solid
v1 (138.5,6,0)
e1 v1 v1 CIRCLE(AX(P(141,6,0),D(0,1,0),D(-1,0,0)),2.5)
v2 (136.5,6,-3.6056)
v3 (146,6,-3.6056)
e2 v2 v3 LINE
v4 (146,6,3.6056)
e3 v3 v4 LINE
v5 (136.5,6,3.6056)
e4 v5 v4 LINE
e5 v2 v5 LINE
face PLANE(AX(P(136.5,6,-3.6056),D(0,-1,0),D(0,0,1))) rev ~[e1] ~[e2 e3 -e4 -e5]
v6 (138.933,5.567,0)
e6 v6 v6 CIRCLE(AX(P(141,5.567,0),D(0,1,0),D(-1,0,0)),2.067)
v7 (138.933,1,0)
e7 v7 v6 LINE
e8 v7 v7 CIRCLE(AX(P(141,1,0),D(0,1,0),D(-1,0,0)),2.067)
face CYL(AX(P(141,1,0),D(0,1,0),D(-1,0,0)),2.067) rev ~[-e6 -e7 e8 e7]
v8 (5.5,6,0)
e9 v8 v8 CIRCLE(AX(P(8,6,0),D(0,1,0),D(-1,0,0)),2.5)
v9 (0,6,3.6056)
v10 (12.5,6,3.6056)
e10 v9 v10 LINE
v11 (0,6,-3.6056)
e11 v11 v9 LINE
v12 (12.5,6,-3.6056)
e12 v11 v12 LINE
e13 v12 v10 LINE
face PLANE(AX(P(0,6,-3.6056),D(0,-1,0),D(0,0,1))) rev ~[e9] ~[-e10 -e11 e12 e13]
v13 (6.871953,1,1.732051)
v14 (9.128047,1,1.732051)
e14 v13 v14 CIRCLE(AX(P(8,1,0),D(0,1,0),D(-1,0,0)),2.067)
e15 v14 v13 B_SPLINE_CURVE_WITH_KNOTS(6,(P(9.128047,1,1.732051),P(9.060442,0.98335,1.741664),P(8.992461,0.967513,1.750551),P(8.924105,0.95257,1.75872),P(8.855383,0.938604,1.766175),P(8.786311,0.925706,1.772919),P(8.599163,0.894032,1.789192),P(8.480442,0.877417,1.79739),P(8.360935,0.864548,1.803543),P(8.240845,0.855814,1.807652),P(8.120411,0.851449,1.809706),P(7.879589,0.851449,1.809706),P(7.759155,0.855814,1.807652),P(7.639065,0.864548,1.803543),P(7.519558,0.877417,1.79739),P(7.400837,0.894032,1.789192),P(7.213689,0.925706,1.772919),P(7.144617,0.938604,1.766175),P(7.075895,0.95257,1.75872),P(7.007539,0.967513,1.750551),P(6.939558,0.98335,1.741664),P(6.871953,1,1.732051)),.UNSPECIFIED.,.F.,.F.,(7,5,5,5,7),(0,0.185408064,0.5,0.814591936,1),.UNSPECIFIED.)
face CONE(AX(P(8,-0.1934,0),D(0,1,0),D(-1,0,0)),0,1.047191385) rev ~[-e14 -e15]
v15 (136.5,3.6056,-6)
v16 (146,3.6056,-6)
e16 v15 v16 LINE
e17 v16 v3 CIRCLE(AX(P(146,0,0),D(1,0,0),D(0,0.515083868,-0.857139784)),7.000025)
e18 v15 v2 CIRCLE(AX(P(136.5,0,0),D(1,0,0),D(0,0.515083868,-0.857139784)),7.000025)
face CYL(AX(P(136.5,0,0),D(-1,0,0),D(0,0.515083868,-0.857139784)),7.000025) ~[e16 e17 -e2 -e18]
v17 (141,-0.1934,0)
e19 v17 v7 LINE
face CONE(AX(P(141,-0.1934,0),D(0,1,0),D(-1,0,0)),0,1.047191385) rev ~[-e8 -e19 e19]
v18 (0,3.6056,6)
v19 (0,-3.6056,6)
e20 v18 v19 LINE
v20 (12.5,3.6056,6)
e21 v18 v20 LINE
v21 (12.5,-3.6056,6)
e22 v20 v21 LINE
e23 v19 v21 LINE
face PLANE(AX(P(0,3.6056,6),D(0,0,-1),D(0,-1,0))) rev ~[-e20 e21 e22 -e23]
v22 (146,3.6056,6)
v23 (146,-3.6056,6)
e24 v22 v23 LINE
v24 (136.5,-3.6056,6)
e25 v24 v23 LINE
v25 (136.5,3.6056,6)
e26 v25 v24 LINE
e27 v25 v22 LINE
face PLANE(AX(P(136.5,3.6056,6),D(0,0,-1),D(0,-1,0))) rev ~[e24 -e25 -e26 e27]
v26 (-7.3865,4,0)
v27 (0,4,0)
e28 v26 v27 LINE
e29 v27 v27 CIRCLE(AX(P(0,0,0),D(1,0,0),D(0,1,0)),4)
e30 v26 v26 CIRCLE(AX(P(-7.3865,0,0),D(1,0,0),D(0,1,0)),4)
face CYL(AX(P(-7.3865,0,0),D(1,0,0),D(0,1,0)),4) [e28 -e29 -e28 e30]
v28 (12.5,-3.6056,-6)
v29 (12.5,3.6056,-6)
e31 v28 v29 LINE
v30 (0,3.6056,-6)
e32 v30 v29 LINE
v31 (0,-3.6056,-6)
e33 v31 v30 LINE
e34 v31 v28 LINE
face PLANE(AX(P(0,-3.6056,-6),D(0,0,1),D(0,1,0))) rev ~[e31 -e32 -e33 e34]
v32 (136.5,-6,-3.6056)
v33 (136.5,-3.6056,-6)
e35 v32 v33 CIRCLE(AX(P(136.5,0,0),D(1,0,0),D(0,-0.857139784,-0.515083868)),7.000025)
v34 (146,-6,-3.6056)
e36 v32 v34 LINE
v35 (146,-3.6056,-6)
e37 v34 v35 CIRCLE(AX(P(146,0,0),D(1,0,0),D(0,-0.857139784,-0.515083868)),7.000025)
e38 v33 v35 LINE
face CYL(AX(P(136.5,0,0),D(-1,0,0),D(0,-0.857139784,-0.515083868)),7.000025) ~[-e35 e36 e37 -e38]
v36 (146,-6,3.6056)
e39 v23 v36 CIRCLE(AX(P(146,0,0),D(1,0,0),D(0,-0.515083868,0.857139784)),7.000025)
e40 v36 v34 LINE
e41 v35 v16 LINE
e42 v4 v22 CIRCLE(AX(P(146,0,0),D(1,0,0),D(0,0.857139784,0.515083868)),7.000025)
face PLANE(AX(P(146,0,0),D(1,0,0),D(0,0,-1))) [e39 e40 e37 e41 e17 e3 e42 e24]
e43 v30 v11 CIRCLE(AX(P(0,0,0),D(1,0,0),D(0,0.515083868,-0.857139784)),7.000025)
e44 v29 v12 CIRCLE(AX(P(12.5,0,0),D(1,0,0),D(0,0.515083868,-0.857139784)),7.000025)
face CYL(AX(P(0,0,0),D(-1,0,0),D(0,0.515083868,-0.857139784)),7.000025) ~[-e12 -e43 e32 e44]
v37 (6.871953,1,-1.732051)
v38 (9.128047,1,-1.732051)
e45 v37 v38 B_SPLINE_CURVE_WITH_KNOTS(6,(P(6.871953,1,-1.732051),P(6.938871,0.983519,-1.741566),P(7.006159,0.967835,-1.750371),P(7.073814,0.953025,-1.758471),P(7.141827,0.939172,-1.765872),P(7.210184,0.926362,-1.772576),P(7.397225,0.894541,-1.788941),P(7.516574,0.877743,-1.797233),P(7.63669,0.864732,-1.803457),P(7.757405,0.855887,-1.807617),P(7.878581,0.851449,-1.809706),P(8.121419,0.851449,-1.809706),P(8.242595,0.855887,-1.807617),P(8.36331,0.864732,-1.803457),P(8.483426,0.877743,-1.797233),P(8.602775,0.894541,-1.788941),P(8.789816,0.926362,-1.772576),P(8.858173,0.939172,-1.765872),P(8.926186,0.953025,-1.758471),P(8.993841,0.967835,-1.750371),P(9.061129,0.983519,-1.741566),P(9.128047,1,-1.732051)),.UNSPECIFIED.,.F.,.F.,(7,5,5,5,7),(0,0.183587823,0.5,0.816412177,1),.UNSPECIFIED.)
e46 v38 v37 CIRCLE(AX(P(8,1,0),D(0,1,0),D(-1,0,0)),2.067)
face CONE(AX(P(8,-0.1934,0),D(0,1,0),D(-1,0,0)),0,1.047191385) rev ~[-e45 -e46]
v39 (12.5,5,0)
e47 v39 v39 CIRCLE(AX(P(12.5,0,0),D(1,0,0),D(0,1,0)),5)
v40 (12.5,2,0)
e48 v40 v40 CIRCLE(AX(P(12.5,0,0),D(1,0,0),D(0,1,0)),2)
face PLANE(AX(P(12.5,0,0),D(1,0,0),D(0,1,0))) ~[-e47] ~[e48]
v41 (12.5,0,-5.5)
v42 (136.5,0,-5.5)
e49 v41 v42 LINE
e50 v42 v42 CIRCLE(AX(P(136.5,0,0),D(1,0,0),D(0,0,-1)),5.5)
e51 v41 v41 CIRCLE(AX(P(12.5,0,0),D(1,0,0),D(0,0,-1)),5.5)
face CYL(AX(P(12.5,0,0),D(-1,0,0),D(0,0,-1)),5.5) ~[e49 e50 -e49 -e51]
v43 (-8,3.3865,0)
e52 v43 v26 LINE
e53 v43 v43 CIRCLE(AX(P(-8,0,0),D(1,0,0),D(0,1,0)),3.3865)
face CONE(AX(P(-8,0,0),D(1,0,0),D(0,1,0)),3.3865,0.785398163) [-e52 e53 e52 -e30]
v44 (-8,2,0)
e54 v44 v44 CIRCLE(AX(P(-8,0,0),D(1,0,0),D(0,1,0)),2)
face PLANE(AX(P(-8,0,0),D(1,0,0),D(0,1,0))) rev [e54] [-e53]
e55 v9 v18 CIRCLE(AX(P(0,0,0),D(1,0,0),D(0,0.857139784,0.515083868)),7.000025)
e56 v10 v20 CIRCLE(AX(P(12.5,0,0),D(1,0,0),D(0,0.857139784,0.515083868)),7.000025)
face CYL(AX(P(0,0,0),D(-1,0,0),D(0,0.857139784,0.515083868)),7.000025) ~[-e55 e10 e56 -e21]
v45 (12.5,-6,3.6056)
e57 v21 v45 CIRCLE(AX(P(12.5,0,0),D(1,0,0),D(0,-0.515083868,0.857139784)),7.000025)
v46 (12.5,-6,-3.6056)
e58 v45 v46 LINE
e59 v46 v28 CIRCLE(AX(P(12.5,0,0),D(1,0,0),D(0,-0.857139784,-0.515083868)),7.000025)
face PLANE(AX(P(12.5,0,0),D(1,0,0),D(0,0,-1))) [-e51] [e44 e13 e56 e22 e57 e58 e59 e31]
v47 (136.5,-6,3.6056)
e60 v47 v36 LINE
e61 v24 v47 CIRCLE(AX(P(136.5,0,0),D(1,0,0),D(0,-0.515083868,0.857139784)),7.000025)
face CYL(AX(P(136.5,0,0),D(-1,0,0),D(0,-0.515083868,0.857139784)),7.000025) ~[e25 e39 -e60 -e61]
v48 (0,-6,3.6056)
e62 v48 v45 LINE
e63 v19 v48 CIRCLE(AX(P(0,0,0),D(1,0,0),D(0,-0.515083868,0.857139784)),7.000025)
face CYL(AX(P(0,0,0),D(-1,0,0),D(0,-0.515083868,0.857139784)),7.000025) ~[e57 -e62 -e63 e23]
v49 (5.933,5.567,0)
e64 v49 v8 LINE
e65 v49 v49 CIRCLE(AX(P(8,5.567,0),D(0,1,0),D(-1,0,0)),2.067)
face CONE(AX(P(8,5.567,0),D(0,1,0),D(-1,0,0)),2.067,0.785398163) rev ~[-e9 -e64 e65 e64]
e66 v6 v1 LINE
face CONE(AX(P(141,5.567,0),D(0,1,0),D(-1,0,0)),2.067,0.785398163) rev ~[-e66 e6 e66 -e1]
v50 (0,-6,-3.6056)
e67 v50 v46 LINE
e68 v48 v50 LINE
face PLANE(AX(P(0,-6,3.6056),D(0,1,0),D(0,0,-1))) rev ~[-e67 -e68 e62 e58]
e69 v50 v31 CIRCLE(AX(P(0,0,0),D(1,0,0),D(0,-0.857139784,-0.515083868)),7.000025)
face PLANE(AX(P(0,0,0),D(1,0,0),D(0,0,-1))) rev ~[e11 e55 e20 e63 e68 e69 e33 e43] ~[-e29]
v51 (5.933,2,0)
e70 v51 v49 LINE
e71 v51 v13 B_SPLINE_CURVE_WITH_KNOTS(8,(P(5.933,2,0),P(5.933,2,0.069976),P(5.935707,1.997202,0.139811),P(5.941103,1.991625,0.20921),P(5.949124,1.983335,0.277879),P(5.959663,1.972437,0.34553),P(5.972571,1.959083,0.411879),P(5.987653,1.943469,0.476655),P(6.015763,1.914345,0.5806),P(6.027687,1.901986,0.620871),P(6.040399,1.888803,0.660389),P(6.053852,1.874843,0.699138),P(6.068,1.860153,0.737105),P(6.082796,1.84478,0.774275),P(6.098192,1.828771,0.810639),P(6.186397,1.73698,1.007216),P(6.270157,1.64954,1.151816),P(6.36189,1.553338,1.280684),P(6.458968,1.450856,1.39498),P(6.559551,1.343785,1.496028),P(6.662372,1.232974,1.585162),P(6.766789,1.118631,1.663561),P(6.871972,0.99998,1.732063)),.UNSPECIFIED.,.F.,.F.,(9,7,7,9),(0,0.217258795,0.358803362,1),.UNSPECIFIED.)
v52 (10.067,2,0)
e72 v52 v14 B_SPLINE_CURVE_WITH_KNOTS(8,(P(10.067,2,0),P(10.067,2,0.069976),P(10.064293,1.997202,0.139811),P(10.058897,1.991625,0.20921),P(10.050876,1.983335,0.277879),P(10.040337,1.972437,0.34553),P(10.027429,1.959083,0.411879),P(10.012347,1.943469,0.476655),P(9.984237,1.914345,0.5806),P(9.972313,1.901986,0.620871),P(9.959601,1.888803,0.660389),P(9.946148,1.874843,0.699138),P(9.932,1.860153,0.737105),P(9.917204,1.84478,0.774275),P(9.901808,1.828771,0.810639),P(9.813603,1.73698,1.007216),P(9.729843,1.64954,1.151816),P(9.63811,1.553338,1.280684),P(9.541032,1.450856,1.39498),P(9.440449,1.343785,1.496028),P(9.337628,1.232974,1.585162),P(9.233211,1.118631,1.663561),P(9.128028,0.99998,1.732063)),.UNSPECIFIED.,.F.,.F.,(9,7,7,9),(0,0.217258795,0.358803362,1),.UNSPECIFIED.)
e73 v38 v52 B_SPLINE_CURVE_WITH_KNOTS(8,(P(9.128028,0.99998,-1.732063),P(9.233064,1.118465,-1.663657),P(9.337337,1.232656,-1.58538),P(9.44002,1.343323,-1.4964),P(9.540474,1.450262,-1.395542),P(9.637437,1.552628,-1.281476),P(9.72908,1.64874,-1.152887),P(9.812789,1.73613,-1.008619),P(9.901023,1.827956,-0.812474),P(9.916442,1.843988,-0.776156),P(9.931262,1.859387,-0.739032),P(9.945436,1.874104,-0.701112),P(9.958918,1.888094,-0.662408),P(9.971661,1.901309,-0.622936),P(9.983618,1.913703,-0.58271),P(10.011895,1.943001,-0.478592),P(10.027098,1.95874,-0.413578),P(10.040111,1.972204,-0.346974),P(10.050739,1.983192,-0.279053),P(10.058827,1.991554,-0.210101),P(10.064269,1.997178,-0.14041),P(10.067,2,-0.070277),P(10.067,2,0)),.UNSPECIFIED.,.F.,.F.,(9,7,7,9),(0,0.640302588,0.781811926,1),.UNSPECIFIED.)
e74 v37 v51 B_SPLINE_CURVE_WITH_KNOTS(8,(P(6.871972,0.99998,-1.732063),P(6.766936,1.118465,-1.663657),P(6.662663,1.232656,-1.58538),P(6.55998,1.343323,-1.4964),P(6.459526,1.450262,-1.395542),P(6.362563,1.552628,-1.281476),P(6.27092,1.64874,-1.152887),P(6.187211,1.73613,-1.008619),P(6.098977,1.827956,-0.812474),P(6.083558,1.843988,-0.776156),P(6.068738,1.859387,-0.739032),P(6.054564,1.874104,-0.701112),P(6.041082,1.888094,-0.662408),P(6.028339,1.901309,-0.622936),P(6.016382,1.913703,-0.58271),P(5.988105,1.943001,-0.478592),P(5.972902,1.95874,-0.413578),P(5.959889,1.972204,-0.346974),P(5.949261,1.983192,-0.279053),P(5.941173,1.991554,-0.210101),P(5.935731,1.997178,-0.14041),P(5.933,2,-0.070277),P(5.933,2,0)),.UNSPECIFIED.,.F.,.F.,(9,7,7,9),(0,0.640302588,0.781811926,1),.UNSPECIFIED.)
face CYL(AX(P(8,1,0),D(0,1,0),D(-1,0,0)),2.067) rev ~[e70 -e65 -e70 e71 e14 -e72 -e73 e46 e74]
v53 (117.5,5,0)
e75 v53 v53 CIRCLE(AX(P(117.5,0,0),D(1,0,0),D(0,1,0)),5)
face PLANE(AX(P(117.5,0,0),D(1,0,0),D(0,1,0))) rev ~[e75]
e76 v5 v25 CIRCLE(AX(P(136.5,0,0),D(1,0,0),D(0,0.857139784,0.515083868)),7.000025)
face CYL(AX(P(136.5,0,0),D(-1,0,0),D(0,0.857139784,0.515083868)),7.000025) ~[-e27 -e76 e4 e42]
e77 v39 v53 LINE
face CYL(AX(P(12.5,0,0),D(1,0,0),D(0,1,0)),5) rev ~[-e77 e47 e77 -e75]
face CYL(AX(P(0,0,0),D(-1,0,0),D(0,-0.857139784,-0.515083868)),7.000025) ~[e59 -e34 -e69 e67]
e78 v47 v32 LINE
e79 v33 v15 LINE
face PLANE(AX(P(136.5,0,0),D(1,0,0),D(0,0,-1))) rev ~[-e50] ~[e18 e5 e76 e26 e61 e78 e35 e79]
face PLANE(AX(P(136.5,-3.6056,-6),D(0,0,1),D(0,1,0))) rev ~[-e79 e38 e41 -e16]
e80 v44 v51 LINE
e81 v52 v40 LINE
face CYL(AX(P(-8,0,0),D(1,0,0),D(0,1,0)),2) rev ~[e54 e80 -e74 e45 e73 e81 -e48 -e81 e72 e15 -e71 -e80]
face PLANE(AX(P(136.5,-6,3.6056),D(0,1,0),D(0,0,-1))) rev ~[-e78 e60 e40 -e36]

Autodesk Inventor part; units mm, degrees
sketch "Sketch_8" plane through (0, 0, 0) normal (0, 0, 1) x (1, 0, 0)
  line L0 (0, 0) -> (-8, 0)
  line L1 (-8, 0) -> (-8, 3.3865)
  line L2 (-8, 3.3865) -> (-7.3865, 4)
  line L3 (-7.3865, 4) -> (0, 4)
  line L4 (0, 4) -> (0, 0)
  line L5 (0, 0) -> (-8, 0)
revolve "Revolution1" add sketch "Sketch_8" angle 360 about axis through (0, 0, 0) along (1, 0, 0)
thread "Thread1" size "M8x1" class "6g" standard "ISO Metric profile" length 5.8865
sketch "Sketch_9" plane through (0, 0, 0) normal (1, 0, 0) x (0, 0, -1)
  line L0 (-6, 3.6056) -> (-6, -3.6056)
  arc A0 (-6, -3.6056) -> (-3.6056, -6) centre (0, 0) ccw
  line L1 (-3.6056, -6) -> (3.6056, -6)
  arc A1 (3.6056, -6) -> (6, -3.6056) centre (0, 0) ccw
  line L2 (6, -3.6056) -> (6, 3.6056)
  arc A2 (6, 3.6056) -> (3.6056, 6) centre (0, 0) ccw
  line L3 (3.6056, 6) -> (-3.6056, 6)
  arc A3 (-3.6056, 6) -> (-6, 3.6056) centre (0, 0) ccw
extrude "Extrusion1" add sketch "Sketch_9" along normal blind 12.5
sketch "Sketch_6" plane through (12.5, 0, 0) normal (1, 0, 0) x (0, 0, -1)
  circle A0 centre (0, 0) radius 5.5
extrude "Extrusion2" add sketch "Sketch_6" along normal blind 124
sketch "Sketch_10" plane through (136.5, 0, 0) normal (1, 0, 0) x (0, 0, -1)
  line L0 (-6, 3.6056) -> (-6, -3.6056)
  arc A0 (-6, -3.6056) -> (-3.6056, -6) centre (0, 0) ccw
  line L1 (-3.6056, -6) -> (3.6056, -6)
  arc A1 (3.6056, -6) -> (6, -3.6056) centre (0, 0) ccw
  line L2 (6, -3.6056) -> (6, 3.6056)
  arc A2 (6, 3.6056) -> (3.6056, 6) centre (0, 0) ccw
  line L3 (3.6056, 6) -> (-3.6056, 6)
  arc A3 (-3.6056, 6) -> (-6, 3.6056) centre (0, 0) ccw
extrude "Extrusion3" add sketch "Sketch_10" along normal blind 9.5
sketch "Sketch7" plane through (0, 0, 0) normal (0, 0, 1) x (1, 0, 0)
  line L0 (8, 6) -> (8, 1)
  line L1 (8, -0.1934) -> (5.933, 1)
  line L2 (5.933, 1) -> (5.933, 5.567)
  line L3 (5.933, 5.567) -> (5.5, 6)
  line L4 (5.5, 6) -> (8, 6)
  line L5 (8, 6) -> (8, -0.1934)
revolve "Revolution2" cut sketch "Sketch7" angle 360 about axis through (8, 6, 0) along (0, 1, 0)
thread "Thread2" size "M5x0.8" class "6H" standard "ISO Metric profile" full length
sketch "Sketch_7" plane through (0, 0, 0) normal (0, 0, 1) x (1, 0, 0)
  line L0 (141, 6) -> (141, 1)
  line L1 (141, -0.1934) -> (138.933, 1)
  line L2 (138.933, 1) -> (138.933, 5.567)
  line L3 (138.933, 5.567) -> (138.5, 6)
  line L4 (138.5, 6) -> (141, 6)
  line L5 (141, 6) -> (141, -0.1934)
revolve "Revolution3" cut sketch "Sketch_7" angle 360 about axis through (141, 6, 0) along (0, 1, 0)
thread "Thread3" size "M5x0.8" class "6H" standard "ISO Metric profile" full length
sketch "Sketch_16" plane through (0, 0, 0) normal (0, 0, 1) x (1, 0, 0)
  line L0 (117.5, 0) -> (-8, 0)
  line L1 (-8, 0) -> (-8, 2)
  line L2 (-8, 2) -> (12.5, 2)
  line L3 (12.5, 2) -> (12.5, 5)
  line L4 (12.5, 5) -> (117.5, 5)
  line L5 (117.5, 5) -> (117.5, 0)
  line L6 (117.5, 0) -> (-8, 0)
revolve "Revolution4" cut sketch "Sketch_16" angle 360 about axis through (117.5, 0, 0) along (1, 0, 0)
ref_plane "BODY_N_XY" through (146, 0, 0) normal (0, 0, -1) x (1, 0, 0)
ref_plane "BODY_N_YZ" through (146, 0, 0) normal (1, 0, 0) x (0, -1, 0)
ref_plane "BODY_N_ZX" through (146, 0, 0) normal (0, -1, 0) x (0, 0, -1)
ref_plane "NUT2_XY" through (146, 0, 0) normal (1, 0, 0) x (0, 0, -1)
ref_plane "NUT2_YZ" through (146, 0, 0) normal (0, 0, -1) x (0, 1, 0)
ref_plane "NUT2_ZX" through (146, 0, 0) normal (0, 1, 0) x (1, 0, 0)
ref_plane "SW1_XY" through (17, 0, 0) normal (1, 0, 0) x (0, 0, -1)
ref_plane "SW1_YZ" through (17, 0, 0) normal (0, 0, -1) x (0, 1, 0)
ref_plane "SW1_ZX" through (17, 0, 0) normal (0, 1, 0) x (1, 0, 0)
ref_plane "SW2_XY" through (132, 0, 0) normal (-1, 0, 0) x (0, 0, -1)
ref_plane "SW2_YZ" through (132, 0, 0) normal (0, 0, -1) x (0, -1, 0)
ref_plane "SW2_ZX" through (132, 0, 0) normal (0, -1, 0) x (-1, 0, 0)
ref_plane "SW_R1_XY" through (17, -11, 0) normal (1, 0, 0) x (0, 0, -1)
ref_plane "SW_R1_YZ" through (17, -11, 0) normal (0, 0, -1) x (0, 1, 0)
ref_plane "SW_R1_ZX" through (17, -11, 0) normal (0, 1, 0) x (1, 0, 0)
ref_plane "SW_R2_XY" through (132, -11, 0) normal (-1, 0, 0) x (0, 0, -1)
ref_plane "SW_R2_YZ" through (132, -11, 0) normal (0, 0, -1) x (0, -1, 0)
ref_plane "SW_R2_ZX" through (132, -11, 0) normal (0, -1, 0) x (-1, 0, 0)
ref_plane "body_XY" through (0, 0, 0) normal (1, 0, 0) x (0, 0, -1)
ref_plane "body_YZ" through (0, 0, 0) normal (0, 0, -1) x (0, 1, 0)
ref_plane "body_ZX" through (0, 0, 0) normal (0, 1, 0) x (1, 0, 0)
properties part number "CJ2B10-100Z(1_0)_BODY"
